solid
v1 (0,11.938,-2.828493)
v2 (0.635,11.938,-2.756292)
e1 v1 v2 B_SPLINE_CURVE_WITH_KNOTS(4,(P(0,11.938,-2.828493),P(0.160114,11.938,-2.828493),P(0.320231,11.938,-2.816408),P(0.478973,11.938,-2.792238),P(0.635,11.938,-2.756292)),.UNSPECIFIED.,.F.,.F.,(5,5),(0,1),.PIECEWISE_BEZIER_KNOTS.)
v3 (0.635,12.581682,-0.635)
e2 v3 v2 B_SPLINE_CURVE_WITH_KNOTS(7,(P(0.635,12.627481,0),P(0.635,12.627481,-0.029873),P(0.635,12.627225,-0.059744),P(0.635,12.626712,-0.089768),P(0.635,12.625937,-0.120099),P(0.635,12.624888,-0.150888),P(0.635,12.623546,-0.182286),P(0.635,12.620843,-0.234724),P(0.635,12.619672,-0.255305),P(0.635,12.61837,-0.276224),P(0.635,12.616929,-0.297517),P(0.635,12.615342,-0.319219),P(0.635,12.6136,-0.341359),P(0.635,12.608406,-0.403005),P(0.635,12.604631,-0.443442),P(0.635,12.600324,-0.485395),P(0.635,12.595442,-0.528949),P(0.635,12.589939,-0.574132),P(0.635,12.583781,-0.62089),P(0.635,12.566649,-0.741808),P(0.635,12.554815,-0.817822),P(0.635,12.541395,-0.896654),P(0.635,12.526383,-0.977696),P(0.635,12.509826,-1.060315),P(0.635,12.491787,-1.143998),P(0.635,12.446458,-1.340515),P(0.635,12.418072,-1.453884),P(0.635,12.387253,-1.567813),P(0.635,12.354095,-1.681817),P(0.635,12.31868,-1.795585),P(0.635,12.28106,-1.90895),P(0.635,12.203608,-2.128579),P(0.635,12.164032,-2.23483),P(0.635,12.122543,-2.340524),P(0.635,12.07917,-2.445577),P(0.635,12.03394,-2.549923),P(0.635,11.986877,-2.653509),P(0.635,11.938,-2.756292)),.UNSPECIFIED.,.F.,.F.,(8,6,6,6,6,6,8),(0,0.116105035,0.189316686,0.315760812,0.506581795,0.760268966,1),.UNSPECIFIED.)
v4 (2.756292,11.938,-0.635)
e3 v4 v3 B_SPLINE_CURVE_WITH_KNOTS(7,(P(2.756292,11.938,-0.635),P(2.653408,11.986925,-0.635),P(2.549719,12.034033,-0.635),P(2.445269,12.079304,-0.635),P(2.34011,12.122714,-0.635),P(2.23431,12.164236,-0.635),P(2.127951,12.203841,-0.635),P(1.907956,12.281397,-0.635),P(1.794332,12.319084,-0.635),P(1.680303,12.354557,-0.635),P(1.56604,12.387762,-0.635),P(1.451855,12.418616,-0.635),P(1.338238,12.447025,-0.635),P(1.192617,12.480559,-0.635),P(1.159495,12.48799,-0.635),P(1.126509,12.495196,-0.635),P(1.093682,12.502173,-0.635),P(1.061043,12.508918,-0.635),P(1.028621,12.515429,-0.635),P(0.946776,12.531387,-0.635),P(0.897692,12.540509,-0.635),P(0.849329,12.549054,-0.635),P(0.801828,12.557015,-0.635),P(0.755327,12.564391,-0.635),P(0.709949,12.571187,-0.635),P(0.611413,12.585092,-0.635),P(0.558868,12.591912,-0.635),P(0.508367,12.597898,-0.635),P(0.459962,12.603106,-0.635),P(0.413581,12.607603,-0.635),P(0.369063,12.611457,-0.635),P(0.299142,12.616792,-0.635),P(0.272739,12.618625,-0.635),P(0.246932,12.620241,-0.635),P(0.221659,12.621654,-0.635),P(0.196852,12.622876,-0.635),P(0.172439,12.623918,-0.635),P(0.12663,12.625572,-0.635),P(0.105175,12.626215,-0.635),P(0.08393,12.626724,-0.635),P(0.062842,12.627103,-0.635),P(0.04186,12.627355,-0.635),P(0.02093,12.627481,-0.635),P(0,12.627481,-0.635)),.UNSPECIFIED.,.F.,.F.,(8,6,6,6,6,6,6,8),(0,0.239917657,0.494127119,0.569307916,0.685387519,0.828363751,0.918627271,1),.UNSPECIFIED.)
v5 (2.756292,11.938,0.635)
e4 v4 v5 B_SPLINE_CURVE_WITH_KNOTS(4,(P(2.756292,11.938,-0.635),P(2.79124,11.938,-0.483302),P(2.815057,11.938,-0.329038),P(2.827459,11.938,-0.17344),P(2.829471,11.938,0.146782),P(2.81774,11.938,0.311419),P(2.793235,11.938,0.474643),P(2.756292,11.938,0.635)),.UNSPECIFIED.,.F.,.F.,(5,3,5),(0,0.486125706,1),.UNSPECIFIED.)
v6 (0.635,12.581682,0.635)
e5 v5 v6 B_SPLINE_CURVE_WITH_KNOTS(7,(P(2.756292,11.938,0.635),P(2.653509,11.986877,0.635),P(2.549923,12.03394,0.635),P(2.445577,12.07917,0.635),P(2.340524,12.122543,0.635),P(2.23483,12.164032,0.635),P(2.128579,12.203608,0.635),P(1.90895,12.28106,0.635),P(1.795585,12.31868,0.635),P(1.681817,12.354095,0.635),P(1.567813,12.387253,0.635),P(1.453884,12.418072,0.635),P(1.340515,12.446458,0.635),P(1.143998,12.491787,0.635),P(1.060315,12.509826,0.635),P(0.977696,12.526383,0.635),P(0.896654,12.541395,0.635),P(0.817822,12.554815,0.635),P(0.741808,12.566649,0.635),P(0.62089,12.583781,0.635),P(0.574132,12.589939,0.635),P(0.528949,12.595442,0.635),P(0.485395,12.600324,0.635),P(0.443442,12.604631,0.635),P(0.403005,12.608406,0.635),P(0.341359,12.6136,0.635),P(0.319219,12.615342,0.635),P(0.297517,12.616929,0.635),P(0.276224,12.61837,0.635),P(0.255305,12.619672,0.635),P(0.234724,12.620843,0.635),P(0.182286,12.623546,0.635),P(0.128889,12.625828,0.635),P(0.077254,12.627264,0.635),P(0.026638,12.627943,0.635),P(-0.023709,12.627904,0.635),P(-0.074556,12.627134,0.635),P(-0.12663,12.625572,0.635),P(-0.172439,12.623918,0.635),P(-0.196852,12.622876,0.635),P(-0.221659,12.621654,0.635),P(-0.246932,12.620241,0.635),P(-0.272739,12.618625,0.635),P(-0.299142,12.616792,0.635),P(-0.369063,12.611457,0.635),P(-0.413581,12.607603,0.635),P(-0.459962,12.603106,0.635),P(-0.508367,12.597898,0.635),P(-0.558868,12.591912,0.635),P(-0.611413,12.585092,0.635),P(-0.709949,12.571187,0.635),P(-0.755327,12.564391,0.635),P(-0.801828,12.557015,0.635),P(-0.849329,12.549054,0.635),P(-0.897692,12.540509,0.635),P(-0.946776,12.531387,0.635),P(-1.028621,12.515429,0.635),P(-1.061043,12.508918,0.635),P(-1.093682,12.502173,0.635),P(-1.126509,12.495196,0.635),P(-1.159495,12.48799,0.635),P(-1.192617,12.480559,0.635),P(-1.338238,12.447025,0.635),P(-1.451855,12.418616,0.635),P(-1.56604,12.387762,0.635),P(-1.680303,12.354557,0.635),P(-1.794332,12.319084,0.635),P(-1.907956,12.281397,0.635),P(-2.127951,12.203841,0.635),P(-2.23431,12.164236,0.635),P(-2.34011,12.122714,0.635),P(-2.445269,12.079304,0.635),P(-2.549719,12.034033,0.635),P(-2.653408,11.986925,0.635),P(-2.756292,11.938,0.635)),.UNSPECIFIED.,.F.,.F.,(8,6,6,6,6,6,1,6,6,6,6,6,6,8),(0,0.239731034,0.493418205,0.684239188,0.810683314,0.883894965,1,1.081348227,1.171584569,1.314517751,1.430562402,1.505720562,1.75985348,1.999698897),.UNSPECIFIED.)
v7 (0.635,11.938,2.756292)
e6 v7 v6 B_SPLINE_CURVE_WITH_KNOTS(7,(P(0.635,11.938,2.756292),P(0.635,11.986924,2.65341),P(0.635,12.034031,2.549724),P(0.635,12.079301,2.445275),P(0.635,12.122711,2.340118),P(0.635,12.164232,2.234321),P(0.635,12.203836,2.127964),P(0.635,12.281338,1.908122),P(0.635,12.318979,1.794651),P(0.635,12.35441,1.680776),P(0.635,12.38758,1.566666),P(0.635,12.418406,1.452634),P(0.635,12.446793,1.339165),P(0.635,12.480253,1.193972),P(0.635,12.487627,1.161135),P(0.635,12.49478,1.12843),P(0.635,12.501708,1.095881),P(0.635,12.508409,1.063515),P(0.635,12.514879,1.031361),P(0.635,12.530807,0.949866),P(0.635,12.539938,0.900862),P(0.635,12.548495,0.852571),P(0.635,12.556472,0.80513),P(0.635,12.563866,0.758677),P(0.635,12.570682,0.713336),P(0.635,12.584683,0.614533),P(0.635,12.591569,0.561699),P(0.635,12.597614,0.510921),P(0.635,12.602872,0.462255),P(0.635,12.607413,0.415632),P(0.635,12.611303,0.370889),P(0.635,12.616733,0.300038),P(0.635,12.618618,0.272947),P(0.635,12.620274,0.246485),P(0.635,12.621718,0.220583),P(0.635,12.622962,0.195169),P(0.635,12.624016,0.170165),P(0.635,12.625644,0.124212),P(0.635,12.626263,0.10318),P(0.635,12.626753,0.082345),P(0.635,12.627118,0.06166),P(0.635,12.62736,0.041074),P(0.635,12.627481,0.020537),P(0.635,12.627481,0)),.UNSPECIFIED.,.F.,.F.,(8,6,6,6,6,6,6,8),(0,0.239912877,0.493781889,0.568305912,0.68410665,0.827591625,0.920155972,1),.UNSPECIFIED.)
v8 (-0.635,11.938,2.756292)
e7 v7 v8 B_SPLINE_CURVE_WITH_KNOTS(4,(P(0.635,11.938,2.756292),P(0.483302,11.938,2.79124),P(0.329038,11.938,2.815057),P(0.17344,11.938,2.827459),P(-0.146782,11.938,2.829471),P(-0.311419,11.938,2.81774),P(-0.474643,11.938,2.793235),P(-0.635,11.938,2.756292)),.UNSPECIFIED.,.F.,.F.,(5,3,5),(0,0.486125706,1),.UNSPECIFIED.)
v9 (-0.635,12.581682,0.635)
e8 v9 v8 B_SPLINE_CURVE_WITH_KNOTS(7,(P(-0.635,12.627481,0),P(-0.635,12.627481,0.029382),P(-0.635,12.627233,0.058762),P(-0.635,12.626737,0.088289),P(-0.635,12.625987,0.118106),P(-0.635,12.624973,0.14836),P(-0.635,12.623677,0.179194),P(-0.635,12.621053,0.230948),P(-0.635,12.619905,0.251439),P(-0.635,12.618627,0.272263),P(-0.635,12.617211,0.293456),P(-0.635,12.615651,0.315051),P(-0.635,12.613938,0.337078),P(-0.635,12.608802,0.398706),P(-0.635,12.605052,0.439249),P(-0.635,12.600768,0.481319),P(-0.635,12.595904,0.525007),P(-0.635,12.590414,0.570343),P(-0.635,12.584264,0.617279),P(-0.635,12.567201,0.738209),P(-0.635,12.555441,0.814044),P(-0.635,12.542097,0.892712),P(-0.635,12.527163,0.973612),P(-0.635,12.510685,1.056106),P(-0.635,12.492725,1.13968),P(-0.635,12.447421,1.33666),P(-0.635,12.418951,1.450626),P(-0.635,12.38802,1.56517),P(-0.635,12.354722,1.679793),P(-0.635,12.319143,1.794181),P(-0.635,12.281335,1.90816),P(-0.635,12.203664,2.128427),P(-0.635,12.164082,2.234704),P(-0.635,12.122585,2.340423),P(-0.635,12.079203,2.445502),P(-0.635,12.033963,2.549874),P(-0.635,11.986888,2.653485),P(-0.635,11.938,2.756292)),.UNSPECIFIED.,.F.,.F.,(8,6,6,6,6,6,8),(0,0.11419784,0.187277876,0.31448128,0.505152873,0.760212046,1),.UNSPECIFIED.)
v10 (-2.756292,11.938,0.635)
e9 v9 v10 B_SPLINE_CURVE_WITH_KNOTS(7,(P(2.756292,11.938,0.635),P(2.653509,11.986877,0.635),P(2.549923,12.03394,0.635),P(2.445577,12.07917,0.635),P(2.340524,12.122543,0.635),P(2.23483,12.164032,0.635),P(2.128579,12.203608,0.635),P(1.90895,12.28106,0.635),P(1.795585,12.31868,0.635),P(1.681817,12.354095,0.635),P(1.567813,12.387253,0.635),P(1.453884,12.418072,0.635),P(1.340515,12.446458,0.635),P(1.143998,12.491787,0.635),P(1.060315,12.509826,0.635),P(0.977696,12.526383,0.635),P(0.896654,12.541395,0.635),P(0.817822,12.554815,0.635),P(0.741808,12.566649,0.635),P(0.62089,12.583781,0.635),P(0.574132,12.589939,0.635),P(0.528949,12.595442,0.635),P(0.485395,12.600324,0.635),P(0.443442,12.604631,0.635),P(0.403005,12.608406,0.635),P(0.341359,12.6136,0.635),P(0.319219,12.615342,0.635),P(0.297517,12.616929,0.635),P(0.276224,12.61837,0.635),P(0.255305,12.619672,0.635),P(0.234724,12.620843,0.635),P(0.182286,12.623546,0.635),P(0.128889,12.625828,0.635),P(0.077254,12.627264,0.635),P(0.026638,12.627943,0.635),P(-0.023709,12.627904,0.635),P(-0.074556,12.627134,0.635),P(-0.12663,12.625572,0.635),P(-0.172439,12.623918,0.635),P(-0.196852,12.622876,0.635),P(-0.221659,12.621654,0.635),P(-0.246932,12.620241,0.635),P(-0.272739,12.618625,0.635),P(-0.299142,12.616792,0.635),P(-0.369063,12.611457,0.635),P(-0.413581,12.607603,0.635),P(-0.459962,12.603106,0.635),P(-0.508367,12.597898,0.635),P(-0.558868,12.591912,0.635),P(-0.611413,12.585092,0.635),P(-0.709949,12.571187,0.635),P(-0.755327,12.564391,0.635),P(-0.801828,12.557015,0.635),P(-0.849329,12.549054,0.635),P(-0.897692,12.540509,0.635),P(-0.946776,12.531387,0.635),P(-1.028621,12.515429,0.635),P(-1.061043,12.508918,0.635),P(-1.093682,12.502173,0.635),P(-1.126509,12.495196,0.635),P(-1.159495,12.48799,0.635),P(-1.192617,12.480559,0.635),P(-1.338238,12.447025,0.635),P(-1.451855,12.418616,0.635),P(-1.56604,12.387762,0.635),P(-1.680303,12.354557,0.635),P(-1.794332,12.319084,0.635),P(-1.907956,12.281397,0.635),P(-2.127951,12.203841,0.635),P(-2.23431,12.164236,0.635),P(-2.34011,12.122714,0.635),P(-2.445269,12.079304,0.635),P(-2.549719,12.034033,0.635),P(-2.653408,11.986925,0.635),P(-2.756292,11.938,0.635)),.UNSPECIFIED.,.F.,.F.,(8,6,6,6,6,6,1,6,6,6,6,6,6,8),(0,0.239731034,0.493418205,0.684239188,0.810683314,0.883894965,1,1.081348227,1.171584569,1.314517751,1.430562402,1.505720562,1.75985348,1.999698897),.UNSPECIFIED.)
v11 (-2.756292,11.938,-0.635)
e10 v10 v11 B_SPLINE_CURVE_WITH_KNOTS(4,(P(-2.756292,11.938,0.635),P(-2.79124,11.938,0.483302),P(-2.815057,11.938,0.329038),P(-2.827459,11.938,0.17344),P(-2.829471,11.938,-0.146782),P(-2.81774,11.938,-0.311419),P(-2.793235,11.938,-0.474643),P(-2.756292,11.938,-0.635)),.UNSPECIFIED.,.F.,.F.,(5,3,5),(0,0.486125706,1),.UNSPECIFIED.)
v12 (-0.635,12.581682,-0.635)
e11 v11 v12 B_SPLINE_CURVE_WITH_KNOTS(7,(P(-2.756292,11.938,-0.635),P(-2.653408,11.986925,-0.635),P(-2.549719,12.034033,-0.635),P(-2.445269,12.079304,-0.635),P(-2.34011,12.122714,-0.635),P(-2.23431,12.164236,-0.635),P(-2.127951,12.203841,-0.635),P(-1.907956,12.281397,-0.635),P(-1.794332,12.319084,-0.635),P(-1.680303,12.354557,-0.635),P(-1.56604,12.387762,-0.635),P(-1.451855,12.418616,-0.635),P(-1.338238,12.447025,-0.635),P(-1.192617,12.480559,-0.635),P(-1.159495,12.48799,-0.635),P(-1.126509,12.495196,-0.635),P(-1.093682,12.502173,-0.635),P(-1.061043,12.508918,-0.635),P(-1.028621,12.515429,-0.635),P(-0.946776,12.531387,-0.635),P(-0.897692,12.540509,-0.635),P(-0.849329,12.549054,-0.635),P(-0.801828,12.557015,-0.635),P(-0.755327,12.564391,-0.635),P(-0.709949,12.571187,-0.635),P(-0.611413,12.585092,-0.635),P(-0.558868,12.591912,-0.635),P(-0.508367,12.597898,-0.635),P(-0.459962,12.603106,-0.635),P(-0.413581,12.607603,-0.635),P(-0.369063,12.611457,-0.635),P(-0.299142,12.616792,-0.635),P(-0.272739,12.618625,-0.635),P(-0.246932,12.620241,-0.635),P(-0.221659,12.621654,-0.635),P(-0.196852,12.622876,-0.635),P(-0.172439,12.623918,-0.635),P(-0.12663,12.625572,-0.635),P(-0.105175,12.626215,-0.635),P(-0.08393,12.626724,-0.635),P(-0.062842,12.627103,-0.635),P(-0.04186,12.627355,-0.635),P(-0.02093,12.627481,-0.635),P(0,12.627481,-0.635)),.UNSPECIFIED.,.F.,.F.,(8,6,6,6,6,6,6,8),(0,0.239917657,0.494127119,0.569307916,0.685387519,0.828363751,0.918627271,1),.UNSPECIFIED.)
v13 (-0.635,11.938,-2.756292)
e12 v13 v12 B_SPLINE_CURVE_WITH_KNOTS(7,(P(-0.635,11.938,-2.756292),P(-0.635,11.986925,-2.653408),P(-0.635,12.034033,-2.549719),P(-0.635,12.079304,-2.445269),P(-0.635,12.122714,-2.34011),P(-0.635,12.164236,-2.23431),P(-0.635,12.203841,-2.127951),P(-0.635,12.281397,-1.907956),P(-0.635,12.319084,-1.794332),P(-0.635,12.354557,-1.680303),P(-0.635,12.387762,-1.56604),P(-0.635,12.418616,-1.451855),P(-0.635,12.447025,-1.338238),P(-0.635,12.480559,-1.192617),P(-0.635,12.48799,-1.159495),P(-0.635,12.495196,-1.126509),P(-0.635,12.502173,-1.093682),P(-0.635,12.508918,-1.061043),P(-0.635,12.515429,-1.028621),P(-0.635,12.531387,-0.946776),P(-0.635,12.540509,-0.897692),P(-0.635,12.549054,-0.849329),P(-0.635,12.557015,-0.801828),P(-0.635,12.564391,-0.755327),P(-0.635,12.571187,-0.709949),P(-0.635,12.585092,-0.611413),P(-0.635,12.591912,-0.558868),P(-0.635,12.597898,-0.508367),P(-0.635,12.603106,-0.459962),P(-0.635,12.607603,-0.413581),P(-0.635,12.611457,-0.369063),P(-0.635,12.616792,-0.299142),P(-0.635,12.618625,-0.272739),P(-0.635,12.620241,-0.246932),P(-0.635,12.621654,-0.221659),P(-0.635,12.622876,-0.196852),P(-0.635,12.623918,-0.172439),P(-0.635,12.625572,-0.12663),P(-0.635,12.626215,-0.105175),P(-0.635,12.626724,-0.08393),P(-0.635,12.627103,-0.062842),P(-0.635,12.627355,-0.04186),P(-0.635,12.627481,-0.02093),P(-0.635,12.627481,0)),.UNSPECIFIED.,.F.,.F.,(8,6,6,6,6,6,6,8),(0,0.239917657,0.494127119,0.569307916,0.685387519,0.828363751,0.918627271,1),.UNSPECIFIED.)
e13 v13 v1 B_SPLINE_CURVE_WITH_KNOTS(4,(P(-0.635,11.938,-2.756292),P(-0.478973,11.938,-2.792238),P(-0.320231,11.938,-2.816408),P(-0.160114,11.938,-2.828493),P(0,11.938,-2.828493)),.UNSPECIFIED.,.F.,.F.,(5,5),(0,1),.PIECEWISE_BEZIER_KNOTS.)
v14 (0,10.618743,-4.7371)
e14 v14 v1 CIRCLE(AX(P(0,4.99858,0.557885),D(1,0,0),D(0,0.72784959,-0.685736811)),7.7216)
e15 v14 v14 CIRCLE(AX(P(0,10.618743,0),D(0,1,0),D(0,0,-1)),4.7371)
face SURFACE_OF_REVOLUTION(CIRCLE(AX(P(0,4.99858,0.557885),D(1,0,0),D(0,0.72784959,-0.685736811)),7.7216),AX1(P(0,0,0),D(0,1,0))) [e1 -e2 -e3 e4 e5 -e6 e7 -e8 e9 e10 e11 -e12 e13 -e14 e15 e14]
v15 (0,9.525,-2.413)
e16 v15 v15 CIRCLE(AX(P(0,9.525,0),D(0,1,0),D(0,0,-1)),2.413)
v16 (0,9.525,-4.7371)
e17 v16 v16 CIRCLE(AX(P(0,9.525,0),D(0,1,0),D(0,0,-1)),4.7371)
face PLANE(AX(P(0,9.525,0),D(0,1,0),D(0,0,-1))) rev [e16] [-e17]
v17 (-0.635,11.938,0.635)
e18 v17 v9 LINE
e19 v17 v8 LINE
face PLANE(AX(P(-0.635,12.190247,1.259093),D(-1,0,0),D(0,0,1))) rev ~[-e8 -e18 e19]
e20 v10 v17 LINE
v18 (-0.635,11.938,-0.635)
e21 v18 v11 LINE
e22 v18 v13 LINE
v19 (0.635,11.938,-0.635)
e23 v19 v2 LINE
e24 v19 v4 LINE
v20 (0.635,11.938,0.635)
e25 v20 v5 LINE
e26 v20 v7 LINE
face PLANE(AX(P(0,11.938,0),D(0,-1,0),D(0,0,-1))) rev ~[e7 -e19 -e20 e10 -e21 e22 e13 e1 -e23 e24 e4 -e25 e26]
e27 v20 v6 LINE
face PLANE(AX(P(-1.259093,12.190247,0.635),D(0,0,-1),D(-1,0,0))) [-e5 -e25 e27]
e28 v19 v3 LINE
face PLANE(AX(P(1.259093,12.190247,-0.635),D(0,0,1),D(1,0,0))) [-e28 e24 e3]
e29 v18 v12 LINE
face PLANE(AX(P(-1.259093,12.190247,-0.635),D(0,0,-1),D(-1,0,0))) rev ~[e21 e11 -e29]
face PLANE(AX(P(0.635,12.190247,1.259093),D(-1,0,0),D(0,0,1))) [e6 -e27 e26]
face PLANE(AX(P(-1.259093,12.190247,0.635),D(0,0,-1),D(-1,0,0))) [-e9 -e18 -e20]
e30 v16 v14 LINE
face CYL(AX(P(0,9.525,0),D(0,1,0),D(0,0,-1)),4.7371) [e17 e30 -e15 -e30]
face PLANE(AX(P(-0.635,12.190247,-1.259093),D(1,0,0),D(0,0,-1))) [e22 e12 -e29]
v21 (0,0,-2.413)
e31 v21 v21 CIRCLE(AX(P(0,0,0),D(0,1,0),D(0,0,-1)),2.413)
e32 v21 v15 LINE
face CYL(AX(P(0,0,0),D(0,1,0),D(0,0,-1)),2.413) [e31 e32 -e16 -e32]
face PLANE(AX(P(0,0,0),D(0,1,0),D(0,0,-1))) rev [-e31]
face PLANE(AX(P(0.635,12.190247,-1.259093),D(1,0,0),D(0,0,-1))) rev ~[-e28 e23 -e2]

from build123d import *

# Parameters (mm, degrees)
CUT_EXTRUDE1_DEPTH = 0.635
CIRPATTERN1_COUNT  = 4


with BuildPart() as part:
    # Sketch1 → Revolve1 (revolve)
    with BuildSketch(Plane.XY, mode=Mode.PRIVATE) as revolve1_sk:
        with BuildLine():
            Line((0, 0), (2.413, 0))
            Line((2.413, 0), (2.413, 9.525))
            Line((2.413, 9.525), (4.7371, 9.525))
            Line((4.7371, 9.525), (4.7371, 10.618743367))
            ThreePointArc((4.7371, 10.618743367), (2.548065575, 12.067962924), (0, 12.7))
            Line((0, 12.7), (0, 0))
        make_face()
    revolve(revolve1_sk.sketch.rotate(Axis((0, 0, 0), (0, 1, 0)), 90), axis=Axis((0, 0, 0), (0, 1, 0)))

    # Sketch2 → Cut-Extrude1 (cut, symmetric)
    with BuildSketch(Plane.XY):
        with BuildLine():
            Line((0, 11.938), (2.828492677, 11.938))
            ThreePointArc((2.828492677, 11.938), (1.450712269, 12.454359079), (0, 12.7))
            Line((0, 12.7), (0, 11.938))
        make_face()
    cut_extrude1 = extrude(amount=CUT_EXTRUDE1_DEPTH, both=True, mode=Mode.SUBTRACT)

    # CirPattern1: Cut-Extrude1 ×4 about axis
    cirpattern1_axis = Axis((0, 0, 0), (0, 1, 0))
    for i in range(1, CIRPATTERN1_COUNT):
        add(cut_extrude1.rotate(cirpattern1_axis, i * 360 / CIRPATTERN1_COUNT), mode=Mode.SUBTRACT)


solid = part.part
